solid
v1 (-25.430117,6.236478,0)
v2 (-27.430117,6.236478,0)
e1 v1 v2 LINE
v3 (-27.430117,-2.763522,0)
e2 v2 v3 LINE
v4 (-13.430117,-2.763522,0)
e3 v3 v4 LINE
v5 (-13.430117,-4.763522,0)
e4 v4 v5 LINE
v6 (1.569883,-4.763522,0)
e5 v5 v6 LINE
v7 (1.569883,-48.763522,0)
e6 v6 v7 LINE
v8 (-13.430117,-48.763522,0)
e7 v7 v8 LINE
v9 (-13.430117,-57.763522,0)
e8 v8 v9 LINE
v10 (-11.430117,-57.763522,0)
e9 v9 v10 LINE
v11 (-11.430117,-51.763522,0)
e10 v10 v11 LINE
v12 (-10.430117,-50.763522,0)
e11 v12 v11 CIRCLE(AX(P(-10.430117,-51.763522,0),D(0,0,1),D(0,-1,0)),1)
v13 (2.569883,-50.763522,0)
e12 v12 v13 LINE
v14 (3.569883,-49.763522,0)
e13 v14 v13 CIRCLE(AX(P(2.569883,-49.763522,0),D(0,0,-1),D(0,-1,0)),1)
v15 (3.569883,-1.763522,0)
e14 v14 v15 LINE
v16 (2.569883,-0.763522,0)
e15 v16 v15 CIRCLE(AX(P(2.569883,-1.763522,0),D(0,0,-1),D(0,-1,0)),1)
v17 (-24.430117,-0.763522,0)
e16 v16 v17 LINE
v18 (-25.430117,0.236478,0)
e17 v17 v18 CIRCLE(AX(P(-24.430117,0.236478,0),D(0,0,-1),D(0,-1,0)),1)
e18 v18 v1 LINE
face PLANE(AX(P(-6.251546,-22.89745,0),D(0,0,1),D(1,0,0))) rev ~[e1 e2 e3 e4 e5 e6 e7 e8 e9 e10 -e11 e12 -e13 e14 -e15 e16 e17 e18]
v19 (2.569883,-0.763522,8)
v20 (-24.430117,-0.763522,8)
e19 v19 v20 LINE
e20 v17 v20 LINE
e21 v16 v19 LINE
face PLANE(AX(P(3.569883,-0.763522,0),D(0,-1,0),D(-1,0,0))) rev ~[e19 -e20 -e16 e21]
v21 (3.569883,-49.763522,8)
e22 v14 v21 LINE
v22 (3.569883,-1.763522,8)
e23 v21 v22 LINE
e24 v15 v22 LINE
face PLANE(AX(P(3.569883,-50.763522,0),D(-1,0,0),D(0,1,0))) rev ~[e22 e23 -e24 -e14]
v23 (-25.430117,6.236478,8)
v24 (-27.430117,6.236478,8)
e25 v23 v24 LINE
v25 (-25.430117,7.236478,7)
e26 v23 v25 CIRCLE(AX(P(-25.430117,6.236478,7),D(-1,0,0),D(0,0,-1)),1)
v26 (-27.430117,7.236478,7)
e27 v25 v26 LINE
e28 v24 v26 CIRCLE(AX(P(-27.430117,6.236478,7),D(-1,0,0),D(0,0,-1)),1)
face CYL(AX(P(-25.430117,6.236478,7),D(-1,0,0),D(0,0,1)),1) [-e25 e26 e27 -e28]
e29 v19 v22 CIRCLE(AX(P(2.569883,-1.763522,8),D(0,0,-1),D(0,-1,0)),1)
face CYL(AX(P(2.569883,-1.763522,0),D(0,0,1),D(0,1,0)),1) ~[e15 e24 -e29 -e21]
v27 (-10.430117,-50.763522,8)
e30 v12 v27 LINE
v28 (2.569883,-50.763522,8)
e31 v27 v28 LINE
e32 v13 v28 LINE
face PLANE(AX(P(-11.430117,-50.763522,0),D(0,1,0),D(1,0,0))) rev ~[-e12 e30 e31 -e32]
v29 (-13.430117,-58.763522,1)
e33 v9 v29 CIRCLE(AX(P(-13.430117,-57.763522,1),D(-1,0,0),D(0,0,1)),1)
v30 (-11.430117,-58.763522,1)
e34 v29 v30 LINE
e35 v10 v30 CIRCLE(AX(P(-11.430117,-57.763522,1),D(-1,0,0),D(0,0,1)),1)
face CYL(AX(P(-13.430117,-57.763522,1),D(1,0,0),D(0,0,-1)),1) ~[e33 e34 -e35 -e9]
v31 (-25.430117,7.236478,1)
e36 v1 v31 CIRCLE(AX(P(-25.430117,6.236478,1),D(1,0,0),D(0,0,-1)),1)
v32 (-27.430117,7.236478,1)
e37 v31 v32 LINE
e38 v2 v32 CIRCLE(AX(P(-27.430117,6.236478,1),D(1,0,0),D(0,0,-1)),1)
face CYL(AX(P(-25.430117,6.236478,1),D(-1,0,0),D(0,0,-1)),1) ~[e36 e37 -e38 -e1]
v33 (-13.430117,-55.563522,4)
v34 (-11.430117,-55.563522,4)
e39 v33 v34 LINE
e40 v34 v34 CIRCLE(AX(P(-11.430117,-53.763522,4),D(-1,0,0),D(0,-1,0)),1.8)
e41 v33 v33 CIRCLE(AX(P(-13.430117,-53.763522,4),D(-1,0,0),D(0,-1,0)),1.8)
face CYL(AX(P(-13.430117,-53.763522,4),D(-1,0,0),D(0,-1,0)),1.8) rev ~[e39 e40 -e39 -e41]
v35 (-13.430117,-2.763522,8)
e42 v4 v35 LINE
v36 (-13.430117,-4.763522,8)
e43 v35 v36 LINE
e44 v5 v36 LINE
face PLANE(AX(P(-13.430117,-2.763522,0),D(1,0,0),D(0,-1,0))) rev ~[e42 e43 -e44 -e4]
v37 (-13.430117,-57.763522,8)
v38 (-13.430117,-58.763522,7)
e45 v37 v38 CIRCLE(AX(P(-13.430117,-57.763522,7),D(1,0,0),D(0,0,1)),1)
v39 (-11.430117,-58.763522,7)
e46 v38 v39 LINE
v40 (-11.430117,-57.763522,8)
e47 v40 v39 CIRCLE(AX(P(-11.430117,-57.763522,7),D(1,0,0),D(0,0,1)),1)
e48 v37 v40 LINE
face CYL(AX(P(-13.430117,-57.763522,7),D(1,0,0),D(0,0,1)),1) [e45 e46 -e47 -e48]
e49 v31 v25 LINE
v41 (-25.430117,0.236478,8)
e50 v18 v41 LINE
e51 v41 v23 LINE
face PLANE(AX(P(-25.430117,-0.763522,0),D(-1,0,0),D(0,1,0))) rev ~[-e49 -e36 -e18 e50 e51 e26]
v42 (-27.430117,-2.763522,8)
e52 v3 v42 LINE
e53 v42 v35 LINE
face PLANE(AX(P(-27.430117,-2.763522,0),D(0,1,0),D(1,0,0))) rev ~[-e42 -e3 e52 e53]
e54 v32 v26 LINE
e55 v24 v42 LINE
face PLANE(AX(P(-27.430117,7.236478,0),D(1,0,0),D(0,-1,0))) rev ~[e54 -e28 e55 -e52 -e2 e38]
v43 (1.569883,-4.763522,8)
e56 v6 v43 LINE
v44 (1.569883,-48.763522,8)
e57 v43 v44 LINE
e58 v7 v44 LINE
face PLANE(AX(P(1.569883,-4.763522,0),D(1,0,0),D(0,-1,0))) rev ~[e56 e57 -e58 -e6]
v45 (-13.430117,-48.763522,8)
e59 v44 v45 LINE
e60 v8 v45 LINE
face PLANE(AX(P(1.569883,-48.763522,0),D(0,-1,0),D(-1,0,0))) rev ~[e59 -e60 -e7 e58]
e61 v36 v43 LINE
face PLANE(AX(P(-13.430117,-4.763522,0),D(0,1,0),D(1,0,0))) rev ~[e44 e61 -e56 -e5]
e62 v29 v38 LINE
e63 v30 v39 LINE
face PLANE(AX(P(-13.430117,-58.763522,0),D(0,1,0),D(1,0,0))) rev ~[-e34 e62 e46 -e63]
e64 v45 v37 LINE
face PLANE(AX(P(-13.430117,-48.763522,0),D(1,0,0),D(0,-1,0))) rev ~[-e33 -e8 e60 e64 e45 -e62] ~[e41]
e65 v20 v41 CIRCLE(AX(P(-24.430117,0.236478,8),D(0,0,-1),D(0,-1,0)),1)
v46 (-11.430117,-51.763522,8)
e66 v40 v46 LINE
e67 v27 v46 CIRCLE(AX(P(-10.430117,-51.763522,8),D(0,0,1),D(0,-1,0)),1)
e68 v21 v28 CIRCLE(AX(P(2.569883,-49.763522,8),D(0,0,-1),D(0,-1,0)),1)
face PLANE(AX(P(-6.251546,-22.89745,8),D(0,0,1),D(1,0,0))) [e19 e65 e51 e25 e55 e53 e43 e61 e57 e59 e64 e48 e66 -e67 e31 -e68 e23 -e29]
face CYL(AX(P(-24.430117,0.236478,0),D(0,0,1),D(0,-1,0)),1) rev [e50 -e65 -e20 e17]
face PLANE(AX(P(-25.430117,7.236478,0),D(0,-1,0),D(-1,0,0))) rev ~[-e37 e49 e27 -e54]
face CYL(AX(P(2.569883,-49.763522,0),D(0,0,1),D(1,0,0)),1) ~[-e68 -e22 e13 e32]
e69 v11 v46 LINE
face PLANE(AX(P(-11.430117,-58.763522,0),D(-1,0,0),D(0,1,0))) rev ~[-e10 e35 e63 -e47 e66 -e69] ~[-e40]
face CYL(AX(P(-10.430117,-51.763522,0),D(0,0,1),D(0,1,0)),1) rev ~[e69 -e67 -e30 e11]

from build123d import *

# Parameters (mm, degrees)
F1_DEPTH = 8
F3_R     = 1.8
F2_R     = 1.8
F4_DEPTH = 25
F5_R     = 1
F6_R     = 1


with BuildPart() as f1:
    # F0 (on Top) → F1 (new body)
    with BuildSketch(Plane.XY):
        Polygon((3.5698827237, -0.7635216035), (-25.4301172763, -0.7635216035), (-25.4301172763, 7.2364783965), (-27.4301172763, 7.2364783965), (-27.4301172763, -2.7635216035), (-13.4301172763, -2.7635216035), (-13.4301172763, -4.7635216035), (1.5698827237, -4.7635216035), (1.5698827237, -48.7635216035), (-13.4301172763, -48.7635216035), (-13.4301172763, -58.7635216035), (-11.4301172763, -58.7635216035), (-11.4301172763, -50.7635216035), (3.5698827237, -50.7635216035), align=None)
    extrude(amount=F1_DEPTH)

    # F3 (on face) + F2 (on face) → F4 (cut)
    with BuildSketch(Plane(origin=(-13.4301172763, 0, 0), x_dir=(0, -1, 0), z_dir=(-1, 0, 0))):
        with Locations((53.7635216035, 4)):
            Circle(F3_R)
    with BuildSketch(Plane.YZ.offset(-25.4301172763)):
        with Locations((3.2364783965, 4)):
            Circle(F2_R)
    extrude(amount=-F4_DEPTH, dir=(-1, 0, 0), mode=Mode.SUBTRACT)

    # F5
    f5_edges = [f1.edges().sort_by_distance(p)[0] for p in [
        (-25.430117, -0.763522, 4),
        (-11.430117, -50.763522, 4),
        (3.569883, -50.763522, 4),
        (3.569883, -0.763522, 4),
    ]]
    fillet(f5_edges, radius=F5_R)

    # F6
    f6_edges = [f1.edges().sort_by_distance(p)[0] for p in [
        (-26.430117, 7.236478, 8),
        (-26.430117, 7.236478, 0),
        (-12.430117, -58.763522, 0),
        (-12.430117, -58.763522, 8),
    ]]
    fillet(f6_edges, radius=F6_R)


solid = f1.part
